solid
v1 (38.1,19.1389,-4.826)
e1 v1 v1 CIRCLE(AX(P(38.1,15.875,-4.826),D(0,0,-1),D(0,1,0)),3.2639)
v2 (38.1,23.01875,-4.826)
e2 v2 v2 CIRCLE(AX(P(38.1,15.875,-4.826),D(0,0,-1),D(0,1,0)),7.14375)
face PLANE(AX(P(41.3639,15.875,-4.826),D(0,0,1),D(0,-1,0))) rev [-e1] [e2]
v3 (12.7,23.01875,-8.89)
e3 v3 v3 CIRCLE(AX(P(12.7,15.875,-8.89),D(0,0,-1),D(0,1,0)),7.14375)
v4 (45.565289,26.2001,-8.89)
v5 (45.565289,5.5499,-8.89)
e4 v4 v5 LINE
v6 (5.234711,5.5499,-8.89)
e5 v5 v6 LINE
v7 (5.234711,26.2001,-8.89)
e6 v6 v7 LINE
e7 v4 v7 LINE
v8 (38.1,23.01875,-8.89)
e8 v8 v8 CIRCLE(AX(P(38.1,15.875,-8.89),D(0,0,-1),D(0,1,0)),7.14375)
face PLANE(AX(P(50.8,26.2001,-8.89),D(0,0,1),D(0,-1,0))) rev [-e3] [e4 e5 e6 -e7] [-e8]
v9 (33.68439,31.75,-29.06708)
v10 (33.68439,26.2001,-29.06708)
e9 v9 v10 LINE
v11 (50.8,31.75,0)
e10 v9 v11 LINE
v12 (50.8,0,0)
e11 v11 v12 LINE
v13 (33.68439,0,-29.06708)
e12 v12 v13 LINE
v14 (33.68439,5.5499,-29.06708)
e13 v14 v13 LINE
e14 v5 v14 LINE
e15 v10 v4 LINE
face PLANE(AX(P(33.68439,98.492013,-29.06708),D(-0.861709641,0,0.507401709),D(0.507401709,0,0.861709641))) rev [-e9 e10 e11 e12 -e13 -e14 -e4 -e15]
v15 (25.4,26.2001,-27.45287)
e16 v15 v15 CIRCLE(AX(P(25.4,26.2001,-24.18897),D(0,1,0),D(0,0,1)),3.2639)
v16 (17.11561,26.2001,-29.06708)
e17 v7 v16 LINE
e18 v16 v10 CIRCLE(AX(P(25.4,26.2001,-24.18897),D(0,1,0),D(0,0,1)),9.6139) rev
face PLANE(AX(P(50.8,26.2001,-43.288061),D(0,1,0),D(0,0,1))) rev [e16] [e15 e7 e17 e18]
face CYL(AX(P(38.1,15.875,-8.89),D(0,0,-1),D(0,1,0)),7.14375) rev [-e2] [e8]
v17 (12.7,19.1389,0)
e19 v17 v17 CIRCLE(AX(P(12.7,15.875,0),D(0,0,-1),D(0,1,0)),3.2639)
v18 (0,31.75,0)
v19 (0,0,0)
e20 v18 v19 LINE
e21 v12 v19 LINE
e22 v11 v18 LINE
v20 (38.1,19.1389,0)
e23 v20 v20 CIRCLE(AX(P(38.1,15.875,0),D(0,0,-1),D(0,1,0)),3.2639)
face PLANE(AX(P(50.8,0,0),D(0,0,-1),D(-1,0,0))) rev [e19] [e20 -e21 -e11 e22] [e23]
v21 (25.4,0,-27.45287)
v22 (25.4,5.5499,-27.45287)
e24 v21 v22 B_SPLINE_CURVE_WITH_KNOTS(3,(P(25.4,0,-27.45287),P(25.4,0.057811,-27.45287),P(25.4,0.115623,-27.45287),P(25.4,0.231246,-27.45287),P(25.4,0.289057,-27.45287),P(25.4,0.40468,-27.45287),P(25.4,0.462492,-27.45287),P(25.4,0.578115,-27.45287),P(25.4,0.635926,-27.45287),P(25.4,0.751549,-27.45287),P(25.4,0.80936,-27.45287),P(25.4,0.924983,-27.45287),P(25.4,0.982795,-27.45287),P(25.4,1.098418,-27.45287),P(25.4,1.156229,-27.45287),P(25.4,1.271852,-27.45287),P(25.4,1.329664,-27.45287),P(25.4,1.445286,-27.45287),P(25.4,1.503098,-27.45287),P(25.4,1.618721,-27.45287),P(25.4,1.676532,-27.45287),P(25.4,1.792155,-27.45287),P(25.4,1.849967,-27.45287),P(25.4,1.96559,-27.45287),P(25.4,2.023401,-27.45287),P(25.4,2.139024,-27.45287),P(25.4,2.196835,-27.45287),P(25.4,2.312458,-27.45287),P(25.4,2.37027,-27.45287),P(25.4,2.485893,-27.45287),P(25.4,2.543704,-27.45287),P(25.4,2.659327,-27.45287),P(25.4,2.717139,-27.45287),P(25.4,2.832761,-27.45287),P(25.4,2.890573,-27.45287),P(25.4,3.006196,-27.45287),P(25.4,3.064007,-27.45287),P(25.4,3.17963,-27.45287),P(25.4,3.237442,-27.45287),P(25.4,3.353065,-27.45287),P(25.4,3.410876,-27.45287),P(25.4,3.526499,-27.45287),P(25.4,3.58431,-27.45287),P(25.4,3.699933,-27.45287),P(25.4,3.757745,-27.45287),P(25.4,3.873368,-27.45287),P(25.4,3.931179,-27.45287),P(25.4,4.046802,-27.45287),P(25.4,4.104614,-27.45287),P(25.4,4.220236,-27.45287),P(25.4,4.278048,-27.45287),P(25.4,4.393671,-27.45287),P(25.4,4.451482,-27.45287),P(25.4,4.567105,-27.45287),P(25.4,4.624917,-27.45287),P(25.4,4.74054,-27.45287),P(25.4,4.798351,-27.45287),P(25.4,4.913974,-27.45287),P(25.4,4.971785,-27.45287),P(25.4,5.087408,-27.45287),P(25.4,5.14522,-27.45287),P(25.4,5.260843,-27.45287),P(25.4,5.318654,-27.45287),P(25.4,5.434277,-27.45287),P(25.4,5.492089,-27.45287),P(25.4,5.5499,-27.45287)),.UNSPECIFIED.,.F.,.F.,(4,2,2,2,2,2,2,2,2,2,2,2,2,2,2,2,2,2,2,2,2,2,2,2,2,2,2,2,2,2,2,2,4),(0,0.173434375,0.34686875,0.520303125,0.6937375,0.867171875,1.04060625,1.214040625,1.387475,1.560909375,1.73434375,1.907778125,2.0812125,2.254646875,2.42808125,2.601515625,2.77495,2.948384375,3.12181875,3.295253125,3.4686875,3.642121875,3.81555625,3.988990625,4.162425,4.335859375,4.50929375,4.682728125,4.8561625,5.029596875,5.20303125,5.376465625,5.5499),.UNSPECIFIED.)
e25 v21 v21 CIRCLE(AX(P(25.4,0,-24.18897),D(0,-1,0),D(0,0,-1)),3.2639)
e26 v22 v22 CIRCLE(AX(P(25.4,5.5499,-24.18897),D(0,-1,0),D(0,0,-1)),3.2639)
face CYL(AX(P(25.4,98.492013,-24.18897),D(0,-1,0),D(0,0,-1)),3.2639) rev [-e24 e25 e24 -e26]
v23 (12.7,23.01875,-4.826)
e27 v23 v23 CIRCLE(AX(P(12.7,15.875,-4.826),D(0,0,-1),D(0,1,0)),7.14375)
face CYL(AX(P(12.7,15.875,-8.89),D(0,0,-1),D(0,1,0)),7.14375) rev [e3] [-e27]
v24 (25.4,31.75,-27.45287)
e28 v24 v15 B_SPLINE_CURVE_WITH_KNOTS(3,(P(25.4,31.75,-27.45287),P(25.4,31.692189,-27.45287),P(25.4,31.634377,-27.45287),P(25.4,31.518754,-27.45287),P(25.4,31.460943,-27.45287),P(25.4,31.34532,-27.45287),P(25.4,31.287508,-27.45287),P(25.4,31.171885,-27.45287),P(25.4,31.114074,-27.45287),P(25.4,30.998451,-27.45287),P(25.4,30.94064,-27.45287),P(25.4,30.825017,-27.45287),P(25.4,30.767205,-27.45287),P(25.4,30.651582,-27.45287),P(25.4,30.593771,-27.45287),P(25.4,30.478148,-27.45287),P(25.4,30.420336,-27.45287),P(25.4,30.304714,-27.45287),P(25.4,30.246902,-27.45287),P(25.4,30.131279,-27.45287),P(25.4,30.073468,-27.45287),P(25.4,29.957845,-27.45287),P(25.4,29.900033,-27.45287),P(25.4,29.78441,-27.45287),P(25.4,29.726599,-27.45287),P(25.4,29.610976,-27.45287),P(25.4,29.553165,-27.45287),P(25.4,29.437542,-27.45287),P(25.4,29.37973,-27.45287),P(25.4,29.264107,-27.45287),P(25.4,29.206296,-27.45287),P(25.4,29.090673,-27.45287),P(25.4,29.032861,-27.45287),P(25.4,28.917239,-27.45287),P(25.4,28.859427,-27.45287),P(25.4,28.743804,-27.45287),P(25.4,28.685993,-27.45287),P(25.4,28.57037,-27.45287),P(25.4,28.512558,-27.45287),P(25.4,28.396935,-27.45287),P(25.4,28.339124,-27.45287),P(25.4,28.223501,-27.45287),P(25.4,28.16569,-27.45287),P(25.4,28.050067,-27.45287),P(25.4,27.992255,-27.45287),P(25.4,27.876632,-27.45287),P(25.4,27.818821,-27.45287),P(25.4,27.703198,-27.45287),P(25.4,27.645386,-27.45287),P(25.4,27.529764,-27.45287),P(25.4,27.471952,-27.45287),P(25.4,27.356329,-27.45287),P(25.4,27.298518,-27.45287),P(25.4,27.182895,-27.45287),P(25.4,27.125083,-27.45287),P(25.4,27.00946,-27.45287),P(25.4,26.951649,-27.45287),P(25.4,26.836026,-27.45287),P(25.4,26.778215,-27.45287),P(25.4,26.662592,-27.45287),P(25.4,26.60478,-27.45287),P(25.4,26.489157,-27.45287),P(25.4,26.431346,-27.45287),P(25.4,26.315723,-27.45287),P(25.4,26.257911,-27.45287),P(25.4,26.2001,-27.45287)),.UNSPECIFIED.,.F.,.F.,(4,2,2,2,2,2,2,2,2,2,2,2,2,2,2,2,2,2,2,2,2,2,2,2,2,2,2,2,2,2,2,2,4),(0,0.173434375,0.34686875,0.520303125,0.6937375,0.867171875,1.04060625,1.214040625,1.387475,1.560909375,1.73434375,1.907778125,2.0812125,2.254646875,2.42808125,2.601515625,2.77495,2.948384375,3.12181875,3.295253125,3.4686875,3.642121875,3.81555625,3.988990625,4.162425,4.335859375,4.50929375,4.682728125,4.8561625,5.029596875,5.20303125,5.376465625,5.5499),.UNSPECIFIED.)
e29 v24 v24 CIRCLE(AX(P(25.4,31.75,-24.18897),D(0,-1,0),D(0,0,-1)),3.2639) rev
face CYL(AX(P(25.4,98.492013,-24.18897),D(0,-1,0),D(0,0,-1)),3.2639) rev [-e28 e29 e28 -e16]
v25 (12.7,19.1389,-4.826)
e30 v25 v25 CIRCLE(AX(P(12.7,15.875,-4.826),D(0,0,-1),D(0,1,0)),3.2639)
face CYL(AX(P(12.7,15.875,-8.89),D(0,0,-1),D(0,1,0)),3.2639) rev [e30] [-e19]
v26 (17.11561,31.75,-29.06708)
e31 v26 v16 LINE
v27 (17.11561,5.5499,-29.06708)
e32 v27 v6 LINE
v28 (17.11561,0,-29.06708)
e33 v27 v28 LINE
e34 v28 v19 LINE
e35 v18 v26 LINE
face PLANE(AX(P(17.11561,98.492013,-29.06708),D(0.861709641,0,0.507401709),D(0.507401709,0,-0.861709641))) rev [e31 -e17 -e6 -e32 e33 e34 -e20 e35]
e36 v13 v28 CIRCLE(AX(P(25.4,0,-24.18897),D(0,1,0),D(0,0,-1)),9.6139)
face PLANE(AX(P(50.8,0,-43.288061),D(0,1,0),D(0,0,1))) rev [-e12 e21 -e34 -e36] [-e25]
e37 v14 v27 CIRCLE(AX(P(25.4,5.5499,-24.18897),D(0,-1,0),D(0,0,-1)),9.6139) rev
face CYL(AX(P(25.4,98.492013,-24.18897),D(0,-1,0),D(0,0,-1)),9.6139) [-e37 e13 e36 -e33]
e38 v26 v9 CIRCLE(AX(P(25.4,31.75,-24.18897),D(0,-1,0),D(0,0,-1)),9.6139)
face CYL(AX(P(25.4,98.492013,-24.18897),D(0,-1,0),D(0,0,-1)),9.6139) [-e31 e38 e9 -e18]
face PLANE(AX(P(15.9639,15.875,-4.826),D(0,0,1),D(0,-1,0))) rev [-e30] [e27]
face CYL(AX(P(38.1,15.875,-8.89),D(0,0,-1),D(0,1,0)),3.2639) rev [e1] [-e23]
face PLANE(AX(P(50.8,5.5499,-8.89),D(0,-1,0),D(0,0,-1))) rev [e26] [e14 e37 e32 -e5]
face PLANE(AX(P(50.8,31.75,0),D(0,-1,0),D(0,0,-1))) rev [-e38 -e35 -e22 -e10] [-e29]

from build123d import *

# Parameters (mm, degrees)
BOSS_EXTRUDE1_DEPTH                                  = 50.8
CBORE_FOR_1_4_BINDING_HEAD_MACHINE_SCREW_D           = 6.5278
CBORE_FOR_1_4_BINDING_HEAD_MACHINE_SCREW_CBORE_D     = 14.2875
CBORE_FOR_1_4_BINDING_HEAD_MACHINE_SCREW_CBORE_DEPTH = 4.064
CUT_EXTRUDE1_REACH                                   = 75.909
SKETCH4_R                                            = 3.2639


with BuildPart() as part:
    # Sketch1 → Boss-Extrude1 (new body)
    with BuildSketch(Plane(origin=(0, 0, 0), x_dir=(0, 0, -1), z_dir=(1, 0, 0))):
        Polygon((0, 0), (0, 31.75), (43.28806111, 31.75), (43.28806111, 26.2001), (8.89, 26.2001), (8.89, 5.5499), (43.28806111, 5.5499), (43.28806111, 0), align=None)
    extrude(amount=BOSS_EXTRUDE1_DEPTH)

    # CBORE for 1/4 Binding Head Machine Screw1 (through all)
    with Locations(Plane(origin=(0, 0, -8.89), x_dir=(-1, 0, 0), z_dir=(0, 0, -1))):
        with Locations((-12.7, 15.875), (-38.1, 15.875)):
            CounterBoreHole(CBORE_FOR_1_4_BINDING_HEAD_MACHINE_SCREW_D / 2, CBORE_FOR_1_4_BINDING_HEAD_MACHINE_SCREW_CBORE_D / 2, CBORE_FOR_1_4_BINDING_HEAD_MACHINE_SCREW_CBORE_DEPTH)

    # Cut-Extrude1: up to this face of the body (flat: up to its plane)
    cut_extrude1_end = Plane(part.part.faces().sort_by_distance((25.4, 31.75, -21.644030555))[0])
    # Sketch4 → Cut-Extrude1 (cut, up to the picked face)
    with BuildSketch(Plane.XZ, mode=Mode.PRIVATE) as cut_extrude1_sk1:
        with Locations(Location((25.4, -24.188970368, 0), (0, 0, 270))):
            Circle(SKETCH4_R)
    cut_extrude1_tool1 = split(extrude(cut_extrude1_sk1.sketch, amount=-CUT_EXTRUDE1_REACH, mode=Mode.PRIVATE), bisect_by=cut_extrude1_end, keep=Keep.BOTH, mode=Mode.PRIVATE)
    # Sketch4 → Cut-Extrude1 (cut, up to the picked face)
    with BuildSketch(Plane.XZ, mode=Mode.PRIVATE) as cut_extrude1_sk2:
        with BuildLine():
            Line((17.115609678, -29.067079653), (0, 0))
            Line((0, 0), (0, -43.28806111))
            Line((0, -43.28806111), (50.8, -43.28806111))
            Line((50.8, -43.28806111), (50.8, 0))
            Line((50.8, 0), (33.684390322, -29.067079653))
            ThreePointArc((33.684390322, -29.067079653), (25.4, -33.802870368), (17.115609678, -29.067079653))
        make_face()
    cut_extrude1_tool2 = split(extrude(cut_extrude1_sk2.sketch, amount=-CUT_EXTRUDE1_REACH, mode=Mode.PRIVATE), bisect_by=cut_extrude1_end, keep=Keep.BOTH, mode=Mode.PRIVATE)
    add(cut_extrude1_tool1.solids().sort_by(Axis((25.4, 0, -24.18897), (0, 1, 0)))[0], mode=Mode.SUBTRACT)
    add(cut_extrude1_tool2.solids().sort_by(Axis((7.982682, 0, -14.87219), (0, 1, 0)))[0], mode=Mode.SUBTRACT)


solid = part.part
